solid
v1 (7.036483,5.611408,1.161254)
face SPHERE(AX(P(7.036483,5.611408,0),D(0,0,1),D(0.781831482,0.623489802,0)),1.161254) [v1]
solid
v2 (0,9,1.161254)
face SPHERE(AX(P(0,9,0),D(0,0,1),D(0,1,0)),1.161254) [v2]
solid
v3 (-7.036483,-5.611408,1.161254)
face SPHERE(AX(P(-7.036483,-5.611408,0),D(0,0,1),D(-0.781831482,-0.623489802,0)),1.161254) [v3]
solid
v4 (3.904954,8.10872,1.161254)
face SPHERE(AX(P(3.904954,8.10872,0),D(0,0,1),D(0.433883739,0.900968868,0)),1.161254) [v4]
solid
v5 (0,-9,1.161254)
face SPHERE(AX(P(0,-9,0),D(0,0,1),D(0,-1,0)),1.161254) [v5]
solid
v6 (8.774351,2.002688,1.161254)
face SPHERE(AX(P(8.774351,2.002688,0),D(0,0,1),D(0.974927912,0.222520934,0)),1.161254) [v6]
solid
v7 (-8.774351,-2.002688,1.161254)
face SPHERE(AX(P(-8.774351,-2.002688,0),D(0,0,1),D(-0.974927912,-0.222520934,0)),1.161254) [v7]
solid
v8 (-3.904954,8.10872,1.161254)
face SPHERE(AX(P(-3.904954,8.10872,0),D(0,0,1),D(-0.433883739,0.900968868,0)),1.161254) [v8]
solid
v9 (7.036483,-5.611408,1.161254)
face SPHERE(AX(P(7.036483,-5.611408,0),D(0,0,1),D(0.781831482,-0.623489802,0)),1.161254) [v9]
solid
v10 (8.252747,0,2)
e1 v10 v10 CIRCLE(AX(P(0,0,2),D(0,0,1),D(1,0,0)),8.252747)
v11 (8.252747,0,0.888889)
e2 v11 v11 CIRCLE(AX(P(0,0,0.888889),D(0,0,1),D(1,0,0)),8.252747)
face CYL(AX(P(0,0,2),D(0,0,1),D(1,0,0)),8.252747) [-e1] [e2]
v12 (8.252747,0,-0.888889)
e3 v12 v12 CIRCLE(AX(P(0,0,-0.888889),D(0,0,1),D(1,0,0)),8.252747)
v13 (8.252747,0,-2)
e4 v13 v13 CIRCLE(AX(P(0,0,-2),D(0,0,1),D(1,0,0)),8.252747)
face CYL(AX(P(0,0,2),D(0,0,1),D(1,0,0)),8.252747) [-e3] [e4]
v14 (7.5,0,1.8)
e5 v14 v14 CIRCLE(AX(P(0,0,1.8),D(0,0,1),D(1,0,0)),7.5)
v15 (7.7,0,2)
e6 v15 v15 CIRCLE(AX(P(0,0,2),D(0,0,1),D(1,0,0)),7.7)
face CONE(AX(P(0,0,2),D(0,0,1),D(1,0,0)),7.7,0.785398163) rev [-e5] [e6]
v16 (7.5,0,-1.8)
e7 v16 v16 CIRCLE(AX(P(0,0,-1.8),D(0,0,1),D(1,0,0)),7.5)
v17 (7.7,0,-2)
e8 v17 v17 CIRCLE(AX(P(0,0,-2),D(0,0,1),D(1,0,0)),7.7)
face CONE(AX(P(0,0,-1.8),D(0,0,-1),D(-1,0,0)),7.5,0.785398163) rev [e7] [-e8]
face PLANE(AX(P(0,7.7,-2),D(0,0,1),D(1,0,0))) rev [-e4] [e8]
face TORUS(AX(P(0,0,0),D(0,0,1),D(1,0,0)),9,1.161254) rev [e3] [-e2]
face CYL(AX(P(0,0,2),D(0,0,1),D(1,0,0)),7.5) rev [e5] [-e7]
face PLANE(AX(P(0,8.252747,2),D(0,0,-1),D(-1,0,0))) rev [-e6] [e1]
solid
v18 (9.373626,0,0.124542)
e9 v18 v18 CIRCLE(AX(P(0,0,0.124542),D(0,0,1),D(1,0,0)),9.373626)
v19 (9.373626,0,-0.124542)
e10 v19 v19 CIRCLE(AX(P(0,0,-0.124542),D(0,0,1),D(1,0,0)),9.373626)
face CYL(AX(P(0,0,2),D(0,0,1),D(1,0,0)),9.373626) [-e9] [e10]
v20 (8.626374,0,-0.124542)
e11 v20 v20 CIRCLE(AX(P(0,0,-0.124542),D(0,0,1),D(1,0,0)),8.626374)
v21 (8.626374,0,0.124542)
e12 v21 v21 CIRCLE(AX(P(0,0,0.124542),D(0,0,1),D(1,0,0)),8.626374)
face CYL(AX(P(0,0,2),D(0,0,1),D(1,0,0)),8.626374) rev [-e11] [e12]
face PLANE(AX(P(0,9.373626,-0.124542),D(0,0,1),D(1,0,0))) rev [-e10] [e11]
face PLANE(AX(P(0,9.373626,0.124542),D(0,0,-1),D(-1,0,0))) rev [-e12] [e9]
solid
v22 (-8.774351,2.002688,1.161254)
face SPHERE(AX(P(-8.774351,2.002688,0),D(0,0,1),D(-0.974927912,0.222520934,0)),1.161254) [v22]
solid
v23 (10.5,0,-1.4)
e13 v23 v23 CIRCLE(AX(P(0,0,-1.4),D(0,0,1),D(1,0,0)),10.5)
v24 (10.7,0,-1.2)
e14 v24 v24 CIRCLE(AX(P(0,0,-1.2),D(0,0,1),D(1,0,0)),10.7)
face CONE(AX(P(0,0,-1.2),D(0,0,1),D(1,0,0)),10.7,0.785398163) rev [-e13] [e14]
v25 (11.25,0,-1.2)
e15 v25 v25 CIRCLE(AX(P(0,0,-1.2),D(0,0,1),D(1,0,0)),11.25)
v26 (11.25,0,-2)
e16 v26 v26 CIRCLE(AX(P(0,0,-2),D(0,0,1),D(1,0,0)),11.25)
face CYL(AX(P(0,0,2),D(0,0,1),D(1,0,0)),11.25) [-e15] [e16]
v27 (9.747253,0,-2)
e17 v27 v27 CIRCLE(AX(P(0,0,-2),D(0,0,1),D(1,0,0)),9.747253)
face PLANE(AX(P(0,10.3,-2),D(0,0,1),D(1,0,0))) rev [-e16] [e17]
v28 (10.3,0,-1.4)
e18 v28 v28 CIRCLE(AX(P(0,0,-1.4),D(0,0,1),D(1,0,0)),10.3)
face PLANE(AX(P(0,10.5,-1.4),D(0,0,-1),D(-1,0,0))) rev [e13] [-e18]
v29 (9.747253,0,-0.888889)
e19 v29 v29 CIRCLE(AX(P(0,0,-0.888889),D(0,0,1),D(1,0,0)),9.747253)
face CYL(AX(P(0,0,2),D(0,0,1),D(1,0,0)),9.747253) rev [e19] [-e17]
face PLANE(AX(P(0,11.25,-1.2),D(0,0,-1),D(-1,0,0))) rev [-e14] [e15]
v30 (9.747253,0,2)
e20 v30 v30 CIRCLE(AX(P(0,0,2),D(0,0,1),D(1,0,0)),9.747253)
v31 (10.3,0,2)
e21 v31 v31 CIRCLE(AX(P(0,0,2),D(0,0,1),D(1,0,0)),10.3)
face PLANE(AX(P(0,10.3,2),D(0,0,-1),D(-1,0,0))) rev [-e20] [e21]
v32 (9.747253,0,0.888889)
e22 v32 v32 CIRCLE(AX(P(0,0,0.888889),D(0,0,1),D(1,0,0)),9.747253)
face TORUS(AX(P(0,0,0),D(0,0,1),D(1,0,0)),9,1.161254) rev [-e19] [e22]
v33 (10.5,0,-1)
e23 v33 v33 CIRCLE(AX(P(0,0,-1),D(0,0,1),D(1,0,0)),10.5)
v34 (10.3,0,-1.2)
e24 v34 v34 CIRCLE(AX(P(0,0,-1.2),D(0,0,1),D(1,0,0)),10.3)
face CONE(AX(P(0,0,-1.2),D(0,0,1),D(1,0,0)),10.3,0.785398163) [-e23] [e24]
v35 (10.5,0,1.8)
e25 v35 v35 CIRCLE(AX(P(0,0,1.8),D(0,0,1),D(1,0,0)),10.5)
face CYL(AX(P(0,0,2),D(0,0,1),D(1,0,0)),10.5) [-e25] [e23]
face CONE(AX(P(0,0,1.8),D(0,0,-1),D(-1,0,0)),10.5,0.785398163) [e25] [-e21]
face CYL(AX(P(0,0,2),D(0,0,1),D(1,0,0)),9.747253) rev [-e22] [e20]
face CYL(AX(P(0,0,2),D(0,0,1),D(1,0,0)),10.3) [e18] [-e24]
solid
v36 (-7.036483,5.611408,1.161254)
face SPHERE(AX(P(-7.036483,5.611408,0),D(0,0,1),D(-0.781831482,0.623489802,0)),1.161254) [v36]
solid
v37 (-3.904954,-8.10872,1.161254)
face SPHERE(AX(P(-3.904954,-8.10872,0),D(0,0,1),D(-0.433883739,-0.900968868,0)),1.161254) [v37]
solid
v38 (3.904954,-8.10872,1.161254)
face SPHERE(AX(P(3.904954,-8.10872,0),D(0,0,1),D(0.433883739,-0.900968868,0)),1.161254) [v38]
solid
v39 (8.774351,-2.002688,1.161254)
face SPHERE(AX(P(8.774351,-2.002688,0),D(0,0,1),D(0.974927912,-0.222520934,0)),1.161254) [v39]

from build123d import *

# Parameters (mm, degrees)
SKETCH6_W         = 0.24908425
SKETCH6_H         = 0.747252748
CIRPATTERN1_COUNT = 14


with BuildPart() as part:
    # Sketch1 → Revolve1 (revolve)
    with BuildSketch(Plane(origin=(0, 0, 0), x_dir=(0, 0, -1), z_dir=(1, 0, 0))):
        with BuildLine():
            Line((-1.8, 10.5), (-2, 10.3))
            Line((-2, 10.3), (-2, 9.747252747))
            Line((-2, 9.747252747), (-0.888888889, 9.747252747))
            ThreePointArc((-0.888888889, 9.747252747), (0, 10.161253687), (0.888888889, 9.747252747))
            Line((0.888888889, 9.747252747), (2, 9.747252747))
            Line((2, 9.747252747), (2, 10.3))
            Line((2, 10.3), (2, 11.25))
            Line((2, 11.25), (1.2, 11.25))
            Line((1.2, 11.25), (1.2, 10.7))
            Line((1.2, 10.7), (1.4, 10.5))
            Line((1.4, 10.5), (1.4, 10.3))
            Line((1.4, 10.3), (1.2, 10.3))
            Line((1.2, 10.3), (1, 10.5))
            Line((1, 10.5), (-1.8, 10.5))
        make_face()
    revolve(axis=Axis((0, 0, 2), (0, 0, -1)))


with BuildPart() as body_2:
    # Sketch3 → Revolve3 (revolve)
    with BuildSketch(Plane(origin=(0, 0, 0), x_dir=(0, 0, -1), z_dir=(1, 0, 0))):
        with BuildLine():
            Line((-2, 8.252747253), (-0.888888889, 8.252747253))
            ThreePointArc((-0.888888889, 8.252747253), (0, 7.838746313), (0.888888889, 8.252747253))
            Line((0.888888889, 8.252747253), (2, 8.252747253))
            Line((2, 8.252747253), (2, 7.7))
            Line((2, 7.7), (1.8, 7.5))
            Line((1.8, 7.5), (-1.8, 7.5))
            Line((-1.8, 7.5), (-2, 7.7))
            Line((-2, 7.7), (-2, 8.252747253))
        make_face()
    revolve(axis=Axis((0, 0, 2), (0, 0, -1)))


with BuildPart() as body_3:
    # Sketch6 → Revolve6 (revolve)
    with BuildSketch(Plane(origin=(0, 0, 0), x_dir=(0, 0, -1), z_dir=(1, 0, 0))):
        with Locations((0, 9)):
            Rectangle(SKETCH6_W, SKETCH6_H)
    revolve(axis=Axis((0, 0, 2), (0, 0, -1)))


with BuildPart() as body_4:
    # Sketch4 → Revolve4 (revolve)
    with BuildSketch(Plane(origin=(0, 0, 0), x_dir=(0, 0, -1), z_dir=(1, 0, 0))):
        with BuildLine():
            Line((-1.161253687, 9), (1.161253687, 9))
            ThreePointArc((1.161253687, 9), (0, 10.161253687), (-1.161253687, 9))
        make_face()
    revolve(axis=Axis((0, 9, 1.161253687), (0, 0, -1)))


with BuildPart() as cirpattern1_1:
    # CirPattern1: pattern copy
    add(body_4.part.rotate(Axis((0, 0, -2), (0, 0, 1)), 1 * 360 / CIRPATTERN1_COUNT))


with BuildPart() as cirpattern1_2:
    # CirPattern1: pattern copy
    add(body_4.part.rotate(Axis((0, 0, -2), (0, 0, 1)), 2 * 360 / CIRPATTERN1_COUNT))


with BuildPart() as cirpattern1_3:
    # CirPattern1: pattern copy
    add(body_4.part.rotate(Axis((0, 0, -2), (0, 0, 1)), 3 * 360 / CIRPATTERN1_COUNT))


with BuildPart() as cirpattern1_4:
    # CirPattern1: pattern copy
    add(body_4.part.rotate(Axis((0, 0, -2), (0, 0, 1)), 4 * 360 / CIRPATTERN1_COUNT))


with BuildPart() as cirpattern1_5:
    # CirPattern1: pattern copy
    add(body_4.part.rotate(Axis((0, 0, -2), (0, 0, 1)), 5 * 360 / CIRPATTERN1_COUNT))


with BuildPart() as cirpattern1_6:
    # CirPattern1: pattern copy
    add(body_4.part.rotate(Axis((0, 0, -2), (0, 0, 1)), 6 * 360 / CIRPATTERN1_COUNT))


with BuildPart() as cirpattern1_7:
    # CirPattern1: pattern copy
    add(body_4.part.rotate(Axis((0, 0, -2), (0, 0, 1)), 7 * 360 / CIRPATTERN1_COUNT))


with BuildPart() as cirpattern1_8:
    # CirPattern1: pattern copy
    add(body_4.part.rotate(Axis((0, 0, -2), (0, 0, 1)), 8 * 360 / CIRPATTERN1_COUNT))


with BuildPart() as cirpattern1_9:
    # CirPattern1: pattern copy
    add(body_4.part.rotate(Axis((0, 0, -2), (0, 0, 1)), 9 * 360 / CIRPATTERN1_COUNT))


with BuildPart() as cirpattern1_10:
    # CirPattern1: pattern copy
    add(body_4.part.rotate(Axis((0, 0, -2), (0, 0, 1)), 10 * 360 / CIRPATTERN1_COUNT))


with BuildPart() as cirpattern1_11:
    # CirPattern1: pattern copy
    add(body_4.part.rotate(Axis((0, 0, -2), (0, 0, 1)), 11 * 360 / CIRPATTERN1_COUNT))


with BuildPart() as cirpattern1_12:
    # CirPattern1: pattern copy
    add(body_4.part.rotate(Axis((0, 0, -2), (0, 0, 1)), 12 * 360 / CIRPATTERN1_COUNT))


with BuildPart() as cirpattern1_13:
    # CirPattern1: pattern copy
    add(body_4.part.rotate(Axis((0, 0, -2), (0, 0, 1)), 13 * 360 / CIRPATTERN1_COUNT))


solid = Compound([part.part, body_2.part, body_3.part, body_4.part, cirpattern1_1.part, cirpattern1_2.part, cirpattern1_3.part, cirpattern1_4.part, cirpattern1_5.part, cirpattern1_6.part, cirpattern1_7.part, cirpattern1_8.part, cirpattern1_9.part, cirpattern1_10.part, cirpattern1_11.part, cirpattern1_12.part, cirpattern1_13.part])
